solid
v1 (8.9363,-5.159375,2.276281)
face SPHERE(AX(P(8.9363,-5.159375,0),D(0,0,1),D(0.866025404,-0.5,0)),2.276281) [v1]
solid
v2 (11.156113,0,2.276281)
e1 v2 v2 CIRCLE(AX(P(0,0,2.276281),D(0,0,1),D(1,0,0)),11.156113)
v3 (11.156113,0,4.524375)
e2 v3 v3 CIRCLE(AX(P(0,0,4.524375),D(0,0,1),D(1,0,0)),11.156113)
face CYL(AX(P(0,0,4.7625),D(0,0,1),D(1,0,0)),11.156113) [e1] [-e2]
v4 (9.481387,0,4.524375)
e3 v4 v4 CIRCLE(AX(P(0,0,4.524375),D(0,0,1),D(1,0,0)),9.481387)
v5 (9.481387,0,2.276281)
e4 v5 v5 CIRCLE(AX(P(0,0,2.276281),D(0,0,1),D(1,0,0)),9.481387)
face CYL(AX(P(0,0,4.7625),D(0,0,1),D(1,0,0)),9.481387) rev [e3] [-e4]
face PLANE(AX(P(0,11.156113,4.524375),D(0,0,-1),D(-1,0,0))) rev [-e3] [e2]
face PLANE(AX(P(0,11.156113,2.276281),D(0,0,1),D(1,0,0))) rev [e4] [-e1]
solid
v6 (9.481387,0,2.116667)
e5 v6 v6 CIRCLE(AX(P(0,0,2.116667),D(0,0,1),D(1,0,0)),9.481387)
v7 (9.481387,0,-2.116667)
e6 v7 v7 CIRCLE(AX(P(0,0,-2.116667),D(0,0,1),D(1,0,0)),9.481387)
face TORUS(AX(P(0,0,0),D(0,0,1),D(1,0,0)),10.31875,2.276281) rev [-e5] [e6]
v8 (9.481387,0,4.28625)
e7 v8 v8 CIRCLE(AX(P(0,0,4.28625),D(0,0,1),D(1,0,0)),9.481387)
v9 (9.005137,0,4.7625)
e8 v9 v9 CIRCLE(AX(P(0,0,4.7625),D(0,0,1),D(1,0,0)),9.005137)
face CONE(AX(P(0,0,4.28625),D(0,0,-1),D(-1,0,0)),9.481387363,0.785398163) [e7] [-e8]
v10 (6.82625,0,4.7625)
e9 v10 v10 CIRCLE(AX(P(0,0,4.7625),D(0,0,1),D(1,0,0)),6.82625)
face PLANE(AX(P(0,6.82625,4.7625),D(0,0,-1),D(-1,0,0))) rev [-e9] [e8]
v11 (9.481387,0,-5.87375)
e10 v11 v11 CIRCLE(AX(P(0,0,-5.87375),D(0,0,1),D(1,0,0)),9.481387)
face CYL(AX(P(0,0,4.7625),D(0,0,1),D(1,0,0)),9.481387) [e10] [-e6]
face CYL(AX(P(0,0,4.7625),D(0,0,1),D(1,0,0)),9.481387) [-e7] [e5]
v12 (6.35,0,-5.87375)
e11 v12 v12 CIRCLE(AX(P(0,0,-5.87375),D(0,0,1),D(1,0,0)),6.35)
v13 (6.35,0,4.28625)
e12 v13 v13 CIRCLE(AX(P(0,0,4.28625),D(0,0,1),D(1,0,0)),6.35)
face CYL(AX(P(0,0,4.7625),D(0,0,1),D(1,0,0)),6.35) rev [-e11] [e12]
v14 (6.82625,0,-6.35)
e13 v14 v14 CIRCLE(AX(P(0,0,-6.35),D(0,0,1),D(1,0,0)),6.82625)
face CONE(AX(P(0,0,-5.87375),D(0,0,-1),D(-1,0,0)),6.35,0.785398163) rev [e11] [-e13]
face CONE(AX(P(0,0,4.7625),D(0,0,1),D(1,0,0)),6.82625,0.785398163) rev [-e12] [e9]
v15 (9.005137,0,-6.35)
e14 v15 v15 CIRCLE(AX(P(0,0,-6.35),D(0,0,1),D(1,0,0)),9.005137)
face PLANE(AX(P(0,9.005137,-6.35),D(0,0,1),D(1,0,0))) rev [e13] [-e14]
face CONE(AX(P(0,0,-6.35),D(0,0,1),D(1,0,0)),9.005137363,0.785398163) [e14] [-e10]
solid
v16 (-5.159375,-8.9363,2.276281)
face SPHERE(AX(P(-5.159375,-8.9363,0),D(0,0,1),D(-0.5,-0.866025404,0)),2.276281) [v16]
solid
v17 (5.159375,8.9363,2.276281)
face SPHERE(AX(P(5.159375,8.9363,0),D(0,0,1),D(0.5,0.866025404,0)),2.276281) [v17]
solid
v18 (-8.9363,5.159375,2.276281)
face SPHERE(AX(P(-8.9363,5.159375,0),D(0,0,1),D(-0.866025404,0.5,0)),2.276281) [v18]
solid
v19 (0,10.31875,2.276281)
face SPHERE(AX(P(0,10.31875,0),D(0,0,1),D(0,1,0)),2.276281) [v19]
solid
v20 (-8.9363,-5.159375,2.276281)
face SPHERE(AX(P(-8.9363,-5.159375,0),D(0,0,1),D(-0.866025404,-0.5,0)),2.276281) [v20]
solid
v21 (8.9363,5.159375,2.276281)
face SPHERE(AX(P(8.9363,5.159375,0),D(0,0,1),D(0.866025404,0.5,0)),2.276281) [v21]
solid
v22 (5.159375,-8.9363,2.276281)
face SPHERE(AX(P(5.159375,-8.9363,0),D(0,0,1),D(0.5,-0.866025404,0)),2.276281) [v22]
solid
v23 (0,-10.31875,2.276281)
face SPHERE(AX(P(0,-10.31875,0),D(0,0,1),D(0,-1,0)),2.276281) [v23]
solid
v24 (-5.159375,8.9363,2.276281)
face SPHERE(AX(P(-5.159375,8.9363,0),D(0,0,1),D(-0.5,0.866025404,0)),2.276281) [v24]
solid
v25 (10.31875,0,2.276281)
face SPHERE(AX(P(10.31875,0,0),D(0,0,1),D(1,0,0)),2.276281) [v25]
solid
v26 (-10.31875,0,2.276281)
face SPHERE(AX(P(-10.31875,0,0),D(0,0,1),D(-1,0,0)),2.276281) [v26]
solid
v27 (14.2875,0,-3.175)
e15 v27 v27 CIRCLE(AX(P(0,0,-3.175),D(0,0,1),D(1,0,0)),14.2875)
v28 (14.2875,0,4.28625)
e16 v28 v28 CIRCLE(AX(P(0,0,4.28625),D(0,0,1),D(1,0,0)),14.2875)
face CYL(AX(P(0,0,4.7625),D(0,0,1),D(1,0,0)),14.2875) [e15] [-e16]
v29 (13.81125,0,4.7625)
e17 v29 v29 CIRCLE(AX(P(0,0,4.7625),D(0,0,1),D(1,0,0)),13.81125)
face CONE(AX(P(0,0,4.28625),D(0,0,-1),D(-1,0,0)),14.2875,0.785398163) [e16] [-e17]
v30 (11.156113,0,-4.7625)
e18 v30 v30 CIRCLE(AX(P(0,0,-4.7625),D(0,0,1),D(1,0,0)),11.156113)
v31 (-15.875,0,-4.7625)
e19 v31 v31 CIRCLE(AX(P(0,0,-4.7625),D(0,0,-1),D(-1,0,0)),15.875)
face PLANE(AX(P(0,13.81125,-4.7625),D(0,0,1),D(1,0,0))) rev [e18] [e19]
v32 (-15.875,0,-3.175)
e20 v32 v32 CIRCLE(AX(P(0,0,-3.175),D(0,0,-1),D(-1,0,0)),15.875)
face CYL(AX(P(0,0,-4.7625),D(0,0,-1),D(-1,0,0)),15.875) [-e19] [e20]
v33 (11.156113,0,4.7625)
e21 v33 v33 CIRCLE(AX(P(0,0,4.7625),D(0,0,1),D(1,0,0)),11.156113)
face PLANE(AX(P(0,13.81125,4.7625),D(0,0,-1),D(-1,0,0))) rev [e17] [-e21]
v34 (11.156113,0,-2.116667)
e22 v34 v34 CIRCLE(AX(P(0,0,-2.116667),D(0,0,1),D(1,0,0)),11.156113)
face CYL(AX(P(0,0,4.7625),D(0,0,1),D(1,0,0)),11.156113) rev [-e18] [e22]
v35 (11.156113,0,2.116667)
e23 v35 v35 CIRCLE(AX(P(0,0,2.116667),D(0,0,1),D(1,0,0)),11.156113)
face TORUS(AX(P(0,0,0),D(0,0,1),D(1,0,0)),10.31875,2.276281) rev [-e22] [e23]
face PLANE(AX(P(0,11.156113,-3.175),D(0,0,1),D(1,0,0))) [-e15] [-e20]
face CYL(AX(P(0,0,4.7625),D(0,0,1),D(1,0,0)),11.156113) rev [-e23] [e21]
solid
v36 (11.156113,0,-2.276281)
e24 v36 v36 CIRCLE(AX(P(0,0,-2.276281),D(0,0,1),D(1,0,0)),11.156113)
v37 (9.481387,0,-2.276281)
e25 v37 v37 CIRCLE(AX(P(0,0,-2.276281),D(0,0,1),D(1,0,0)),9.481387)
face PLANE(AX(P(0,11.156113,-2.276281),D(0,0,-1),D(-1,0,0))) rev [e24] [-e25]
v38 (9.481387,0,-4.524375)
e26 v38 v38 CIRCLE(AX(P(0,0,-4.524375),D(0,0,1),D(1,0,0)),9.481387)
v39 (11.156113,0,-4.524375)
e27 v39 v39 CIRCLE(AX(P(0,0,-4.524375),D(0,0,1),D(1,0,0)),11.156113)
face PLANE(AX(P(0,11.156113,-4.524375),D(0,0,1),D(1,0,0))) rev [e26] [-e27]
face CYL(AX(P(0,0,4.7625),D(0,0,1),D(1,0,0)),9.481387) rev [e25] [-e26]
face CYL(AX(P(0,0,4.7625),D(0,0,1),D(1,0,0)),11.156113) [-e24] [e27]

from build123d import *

# Parameters (mm, degrees)
CIRPATTERN1_COUNT = 12
SKETCH5_W         = 2.248094269
SKETCH5_H         = 1.674725274
SKETCH6_W         = 1.5875
SKETCH6_H         = 4.718887363


with BuildPart() as part:
    # Sketch1 → Revolve1 (revolve)
    with BuildSketch(Plane(origin=(0, 0, 0), x_dir=(0, 0, -1), z_dir=(1, 0, 0)), mode=Mode.PRIVATE) as revolve1_sk:
        with BuildLine():
            Line((4.28625, 14.2875), (-4.28625, 14.2875))
            Line((-4.28625, 14.2875), (-4.7625, 13.81125))
            Line((-4.7625, 13.81125), (-4.7625, 11.156112637))
            Line((-4.7625, 11.156112637), (-2.116666667, 11.156112637))
            ThreePointArc((-2.116666667, 11.156112637), (0, 12.595030731), (2.116666667, 11.156112637))
            Line((2.116666667, 11.156112637), (4.7625, 11.156112637))
            Line((4.7625, 11.156112637), (4.7625, 13.81125))
            Line((4.7625, 13.81125), (4.28625, 14.2875))
        make_face()
    revolve(revolve1_sk.sketch.rotate(Axis((0, 0, 4.7625), (0, 0, -1)), 90), axis=Axis((0, 0, 4.7625), (0, 0, -1)))  # turned: the seam where the file's is

    # Sketch6 → Revolve6 (revolve)
    with BuildSketch(Plane(origin=(0, 0, 0), x_dir=(0, 0, -1), z_dir=(1, 0, 0)), mode=Mode.PRIVATE) as revolve6_sk:
        with Locations((3.96875, 13.515556319)):
            Rectangle(SKETCH6_W, SKETCH6_H)
    revolve(revolve6_sk.sketch.rotate(Axis((0, 0, -4.7625), (0, 0, 1)), 270), axis=Axis((0, 0, -4.7625), (0, 0, 1)))  # turned: the seam where the file's is


with BuildPart() as body_2:
    # Sketch3 → Revolve3 (revolve)
    with BuildSketch(Plane(origin=(0, 0, 0), x_dir=(0, 0, -1), z_dir=(1, 0, 0)), mode=Mode.PRIVATE) as revolve3_sk:
        with BuildLine():
            Line((-4.7625, 6.82625), (-4.7625, 9.005137363))
            Line((-4.7625, 9.005137363), (-4.28625, 9.481387363))
            Line((-4.28625, 9.481387363), (-2.116666667, 9.481387363))
            ThreePointArc((-2.116666667, 9.481387363), (0, 8.042469269), (2.116666667, 9.481387363))
            Line((2.116666667, 9.481387363), (5.87375, 9.481387363))
            Line((5.87375, 9.481387363), (6.35, 9.005137363))
            Line((6.35, 9.005137363), (6.35, 6.82625))
            Line((6.35, 6.82625), (5.87375, 6.35))
            Line((5.87375, 6.35), (-4.28625, 6.35))
            Line((-4.28625, 6.35), (-4.7625, 6.82625))
        make_face()
    revolve(revolve3_sk.sketch.rotate(Axis((0, 0, 4.7625), (0, 0, -1)), 90), axis=Axis((0, 0, 4.7625), (0, 0, -1)))  # turned: the seam where the file's is


with BuildPart() as body_3:
    # Sketch4 → Revolve4 (revolve)
    with BuildSketch(Plane(origin=(0, 0, 0), x_dir=(0, 0, -1), z_dir=(1, 0, 0))):
        with BuildLine():
            Line((-2.276280731, 10.31875), (2.276280731, 10.31875))
            ThreePointArc((2.276280731, 10.31875), (0, 12.595030731), (-2.276280731, 10.31875))
        make_face()
    revolve(axis=Axis((0, 10.31875, 2.276280731), (0, 0, -1)))


with BuildPart() as cirpattern1_1:
    # CirPattern1: pattern copy
    add(body_3.part.rotate(Axis((0, 0, 0), (0, 0, 1)), 1 * 360 / CIRPATTERN1_COUNT))


with BuildPart() as cirpattern1_2:
    # CirPattern1: pattern copy
    add(body_3.part.rotate(Axis((0, 0, 0), (0, 0, 1)), 2 * 360 / CIRPATTERN1_COUNT))


with BuildPart() as cirpattern1_3:
    # CirPattern1: pattern copy
    add(body_3.part.rotate(Axis((0, 0, 0), (0, 0, 1)), 3 * 360 / CIRPATTERN1_COUNT))


with BuildPart() as cirpattern1_4:
    # CirPattern1: pattern copy
    add(body_3.part.rotate(Axis((0, 0, 0), (0, 0, 1)), 4 * 360 / CIRPATTERN1_COUNT))


with BuildPart() as cirpattern1_5:
    # CirPattern1: pattern copy
    add(body_3.part.rotate(Axis((0, 0, 0), (0, 0, 1)), 5 * 360 / CIRPATTERN1_COUNT))


with BuildPart() as cirpattern1_6:
    # CirPattern1: pattern copy
    add(body_3.part.rotate(Axis((0, 0, 0), (0, 0, 1)), 6 * 360 / CIRPATTERN1_COUNT))


with BuildPart() as cirpattern1_7:
    # CirPattern1: pattern copy
    add(body_3.part.rotate(Axis((0, 0, 0), (0, 0, 1)), 7 * 360 / CIRPATTERN1_COUNT))


with BuildPart() as cirpattern1_8:
    # CirPattern1: pattern copy
    add(body_3.part.rotate(Axis((0, 0, 0), (0, 0, 1)), 8 * 360 / CIRPATTERN1_COUNT))


with BuildPart() as cirpattern1_9:
    # CirPattern1: pattern copy
    add(body_3.part.rotate(Axis((0, 0, 0), (0, 0, 1)), 9 * 360 / CIRPATTERN1_COUNT))


with BuildPart() as cirpattern1_10:
    # CirPattern1: pattern copy
    add(body_3.part.rotate(Axis((0, 0, 0), (0, 0, 1)), 10 * 360 / CIRPATTERN1_COUNT))


with BuildPart() as cirpattern1_11:
    # CirPattern1: pattern copy
    add(body_3.part.rotate(Axis((0, 0, 0), (0, 0, 1)), 11 * 360 / CIRPATTERN1_COUNT))


with BuildPart() as body_15:
    # Sketch5 → Revolve5 (revolve)
    with BuildSketch(Plane(origin=(0, 0, 0), x_dir=(0, 0, -1), z_dir=(1, 0, 0)), mode=Mode.PRIVATE) as revolve5_sk:
        with Locations((-3.400327865, 10.31875)):
            Rectangle(SKETCH5_W, SKETCH5_H)
        with Locations((3.400327865, 10.31875)):
            Rectangle(SKETCH5_W, SKETCH5_H)
    revolve(revolve5_sk.sketch.rotate(Axis((0, 0, 4.7625), (0, 0, -1)), 90), axis=Axis((0, 0, 4.7625), (0, 0, -1)))  # turned: the seam where the file's is


solid = Compound([part.part, body_2.part, body_3.part, cirpattern1_1.part, cirpattern1_2.part, cirpattern1_3.part, cirpattern1_4.part, cirpattern1_5.part, cirpattern1_6.part, cirpattern1_7.part, cirpattern1_8.part, cirpattern1_9.part, cirpattern1_10.part, cirpattern1_11.part, body_15.part])
